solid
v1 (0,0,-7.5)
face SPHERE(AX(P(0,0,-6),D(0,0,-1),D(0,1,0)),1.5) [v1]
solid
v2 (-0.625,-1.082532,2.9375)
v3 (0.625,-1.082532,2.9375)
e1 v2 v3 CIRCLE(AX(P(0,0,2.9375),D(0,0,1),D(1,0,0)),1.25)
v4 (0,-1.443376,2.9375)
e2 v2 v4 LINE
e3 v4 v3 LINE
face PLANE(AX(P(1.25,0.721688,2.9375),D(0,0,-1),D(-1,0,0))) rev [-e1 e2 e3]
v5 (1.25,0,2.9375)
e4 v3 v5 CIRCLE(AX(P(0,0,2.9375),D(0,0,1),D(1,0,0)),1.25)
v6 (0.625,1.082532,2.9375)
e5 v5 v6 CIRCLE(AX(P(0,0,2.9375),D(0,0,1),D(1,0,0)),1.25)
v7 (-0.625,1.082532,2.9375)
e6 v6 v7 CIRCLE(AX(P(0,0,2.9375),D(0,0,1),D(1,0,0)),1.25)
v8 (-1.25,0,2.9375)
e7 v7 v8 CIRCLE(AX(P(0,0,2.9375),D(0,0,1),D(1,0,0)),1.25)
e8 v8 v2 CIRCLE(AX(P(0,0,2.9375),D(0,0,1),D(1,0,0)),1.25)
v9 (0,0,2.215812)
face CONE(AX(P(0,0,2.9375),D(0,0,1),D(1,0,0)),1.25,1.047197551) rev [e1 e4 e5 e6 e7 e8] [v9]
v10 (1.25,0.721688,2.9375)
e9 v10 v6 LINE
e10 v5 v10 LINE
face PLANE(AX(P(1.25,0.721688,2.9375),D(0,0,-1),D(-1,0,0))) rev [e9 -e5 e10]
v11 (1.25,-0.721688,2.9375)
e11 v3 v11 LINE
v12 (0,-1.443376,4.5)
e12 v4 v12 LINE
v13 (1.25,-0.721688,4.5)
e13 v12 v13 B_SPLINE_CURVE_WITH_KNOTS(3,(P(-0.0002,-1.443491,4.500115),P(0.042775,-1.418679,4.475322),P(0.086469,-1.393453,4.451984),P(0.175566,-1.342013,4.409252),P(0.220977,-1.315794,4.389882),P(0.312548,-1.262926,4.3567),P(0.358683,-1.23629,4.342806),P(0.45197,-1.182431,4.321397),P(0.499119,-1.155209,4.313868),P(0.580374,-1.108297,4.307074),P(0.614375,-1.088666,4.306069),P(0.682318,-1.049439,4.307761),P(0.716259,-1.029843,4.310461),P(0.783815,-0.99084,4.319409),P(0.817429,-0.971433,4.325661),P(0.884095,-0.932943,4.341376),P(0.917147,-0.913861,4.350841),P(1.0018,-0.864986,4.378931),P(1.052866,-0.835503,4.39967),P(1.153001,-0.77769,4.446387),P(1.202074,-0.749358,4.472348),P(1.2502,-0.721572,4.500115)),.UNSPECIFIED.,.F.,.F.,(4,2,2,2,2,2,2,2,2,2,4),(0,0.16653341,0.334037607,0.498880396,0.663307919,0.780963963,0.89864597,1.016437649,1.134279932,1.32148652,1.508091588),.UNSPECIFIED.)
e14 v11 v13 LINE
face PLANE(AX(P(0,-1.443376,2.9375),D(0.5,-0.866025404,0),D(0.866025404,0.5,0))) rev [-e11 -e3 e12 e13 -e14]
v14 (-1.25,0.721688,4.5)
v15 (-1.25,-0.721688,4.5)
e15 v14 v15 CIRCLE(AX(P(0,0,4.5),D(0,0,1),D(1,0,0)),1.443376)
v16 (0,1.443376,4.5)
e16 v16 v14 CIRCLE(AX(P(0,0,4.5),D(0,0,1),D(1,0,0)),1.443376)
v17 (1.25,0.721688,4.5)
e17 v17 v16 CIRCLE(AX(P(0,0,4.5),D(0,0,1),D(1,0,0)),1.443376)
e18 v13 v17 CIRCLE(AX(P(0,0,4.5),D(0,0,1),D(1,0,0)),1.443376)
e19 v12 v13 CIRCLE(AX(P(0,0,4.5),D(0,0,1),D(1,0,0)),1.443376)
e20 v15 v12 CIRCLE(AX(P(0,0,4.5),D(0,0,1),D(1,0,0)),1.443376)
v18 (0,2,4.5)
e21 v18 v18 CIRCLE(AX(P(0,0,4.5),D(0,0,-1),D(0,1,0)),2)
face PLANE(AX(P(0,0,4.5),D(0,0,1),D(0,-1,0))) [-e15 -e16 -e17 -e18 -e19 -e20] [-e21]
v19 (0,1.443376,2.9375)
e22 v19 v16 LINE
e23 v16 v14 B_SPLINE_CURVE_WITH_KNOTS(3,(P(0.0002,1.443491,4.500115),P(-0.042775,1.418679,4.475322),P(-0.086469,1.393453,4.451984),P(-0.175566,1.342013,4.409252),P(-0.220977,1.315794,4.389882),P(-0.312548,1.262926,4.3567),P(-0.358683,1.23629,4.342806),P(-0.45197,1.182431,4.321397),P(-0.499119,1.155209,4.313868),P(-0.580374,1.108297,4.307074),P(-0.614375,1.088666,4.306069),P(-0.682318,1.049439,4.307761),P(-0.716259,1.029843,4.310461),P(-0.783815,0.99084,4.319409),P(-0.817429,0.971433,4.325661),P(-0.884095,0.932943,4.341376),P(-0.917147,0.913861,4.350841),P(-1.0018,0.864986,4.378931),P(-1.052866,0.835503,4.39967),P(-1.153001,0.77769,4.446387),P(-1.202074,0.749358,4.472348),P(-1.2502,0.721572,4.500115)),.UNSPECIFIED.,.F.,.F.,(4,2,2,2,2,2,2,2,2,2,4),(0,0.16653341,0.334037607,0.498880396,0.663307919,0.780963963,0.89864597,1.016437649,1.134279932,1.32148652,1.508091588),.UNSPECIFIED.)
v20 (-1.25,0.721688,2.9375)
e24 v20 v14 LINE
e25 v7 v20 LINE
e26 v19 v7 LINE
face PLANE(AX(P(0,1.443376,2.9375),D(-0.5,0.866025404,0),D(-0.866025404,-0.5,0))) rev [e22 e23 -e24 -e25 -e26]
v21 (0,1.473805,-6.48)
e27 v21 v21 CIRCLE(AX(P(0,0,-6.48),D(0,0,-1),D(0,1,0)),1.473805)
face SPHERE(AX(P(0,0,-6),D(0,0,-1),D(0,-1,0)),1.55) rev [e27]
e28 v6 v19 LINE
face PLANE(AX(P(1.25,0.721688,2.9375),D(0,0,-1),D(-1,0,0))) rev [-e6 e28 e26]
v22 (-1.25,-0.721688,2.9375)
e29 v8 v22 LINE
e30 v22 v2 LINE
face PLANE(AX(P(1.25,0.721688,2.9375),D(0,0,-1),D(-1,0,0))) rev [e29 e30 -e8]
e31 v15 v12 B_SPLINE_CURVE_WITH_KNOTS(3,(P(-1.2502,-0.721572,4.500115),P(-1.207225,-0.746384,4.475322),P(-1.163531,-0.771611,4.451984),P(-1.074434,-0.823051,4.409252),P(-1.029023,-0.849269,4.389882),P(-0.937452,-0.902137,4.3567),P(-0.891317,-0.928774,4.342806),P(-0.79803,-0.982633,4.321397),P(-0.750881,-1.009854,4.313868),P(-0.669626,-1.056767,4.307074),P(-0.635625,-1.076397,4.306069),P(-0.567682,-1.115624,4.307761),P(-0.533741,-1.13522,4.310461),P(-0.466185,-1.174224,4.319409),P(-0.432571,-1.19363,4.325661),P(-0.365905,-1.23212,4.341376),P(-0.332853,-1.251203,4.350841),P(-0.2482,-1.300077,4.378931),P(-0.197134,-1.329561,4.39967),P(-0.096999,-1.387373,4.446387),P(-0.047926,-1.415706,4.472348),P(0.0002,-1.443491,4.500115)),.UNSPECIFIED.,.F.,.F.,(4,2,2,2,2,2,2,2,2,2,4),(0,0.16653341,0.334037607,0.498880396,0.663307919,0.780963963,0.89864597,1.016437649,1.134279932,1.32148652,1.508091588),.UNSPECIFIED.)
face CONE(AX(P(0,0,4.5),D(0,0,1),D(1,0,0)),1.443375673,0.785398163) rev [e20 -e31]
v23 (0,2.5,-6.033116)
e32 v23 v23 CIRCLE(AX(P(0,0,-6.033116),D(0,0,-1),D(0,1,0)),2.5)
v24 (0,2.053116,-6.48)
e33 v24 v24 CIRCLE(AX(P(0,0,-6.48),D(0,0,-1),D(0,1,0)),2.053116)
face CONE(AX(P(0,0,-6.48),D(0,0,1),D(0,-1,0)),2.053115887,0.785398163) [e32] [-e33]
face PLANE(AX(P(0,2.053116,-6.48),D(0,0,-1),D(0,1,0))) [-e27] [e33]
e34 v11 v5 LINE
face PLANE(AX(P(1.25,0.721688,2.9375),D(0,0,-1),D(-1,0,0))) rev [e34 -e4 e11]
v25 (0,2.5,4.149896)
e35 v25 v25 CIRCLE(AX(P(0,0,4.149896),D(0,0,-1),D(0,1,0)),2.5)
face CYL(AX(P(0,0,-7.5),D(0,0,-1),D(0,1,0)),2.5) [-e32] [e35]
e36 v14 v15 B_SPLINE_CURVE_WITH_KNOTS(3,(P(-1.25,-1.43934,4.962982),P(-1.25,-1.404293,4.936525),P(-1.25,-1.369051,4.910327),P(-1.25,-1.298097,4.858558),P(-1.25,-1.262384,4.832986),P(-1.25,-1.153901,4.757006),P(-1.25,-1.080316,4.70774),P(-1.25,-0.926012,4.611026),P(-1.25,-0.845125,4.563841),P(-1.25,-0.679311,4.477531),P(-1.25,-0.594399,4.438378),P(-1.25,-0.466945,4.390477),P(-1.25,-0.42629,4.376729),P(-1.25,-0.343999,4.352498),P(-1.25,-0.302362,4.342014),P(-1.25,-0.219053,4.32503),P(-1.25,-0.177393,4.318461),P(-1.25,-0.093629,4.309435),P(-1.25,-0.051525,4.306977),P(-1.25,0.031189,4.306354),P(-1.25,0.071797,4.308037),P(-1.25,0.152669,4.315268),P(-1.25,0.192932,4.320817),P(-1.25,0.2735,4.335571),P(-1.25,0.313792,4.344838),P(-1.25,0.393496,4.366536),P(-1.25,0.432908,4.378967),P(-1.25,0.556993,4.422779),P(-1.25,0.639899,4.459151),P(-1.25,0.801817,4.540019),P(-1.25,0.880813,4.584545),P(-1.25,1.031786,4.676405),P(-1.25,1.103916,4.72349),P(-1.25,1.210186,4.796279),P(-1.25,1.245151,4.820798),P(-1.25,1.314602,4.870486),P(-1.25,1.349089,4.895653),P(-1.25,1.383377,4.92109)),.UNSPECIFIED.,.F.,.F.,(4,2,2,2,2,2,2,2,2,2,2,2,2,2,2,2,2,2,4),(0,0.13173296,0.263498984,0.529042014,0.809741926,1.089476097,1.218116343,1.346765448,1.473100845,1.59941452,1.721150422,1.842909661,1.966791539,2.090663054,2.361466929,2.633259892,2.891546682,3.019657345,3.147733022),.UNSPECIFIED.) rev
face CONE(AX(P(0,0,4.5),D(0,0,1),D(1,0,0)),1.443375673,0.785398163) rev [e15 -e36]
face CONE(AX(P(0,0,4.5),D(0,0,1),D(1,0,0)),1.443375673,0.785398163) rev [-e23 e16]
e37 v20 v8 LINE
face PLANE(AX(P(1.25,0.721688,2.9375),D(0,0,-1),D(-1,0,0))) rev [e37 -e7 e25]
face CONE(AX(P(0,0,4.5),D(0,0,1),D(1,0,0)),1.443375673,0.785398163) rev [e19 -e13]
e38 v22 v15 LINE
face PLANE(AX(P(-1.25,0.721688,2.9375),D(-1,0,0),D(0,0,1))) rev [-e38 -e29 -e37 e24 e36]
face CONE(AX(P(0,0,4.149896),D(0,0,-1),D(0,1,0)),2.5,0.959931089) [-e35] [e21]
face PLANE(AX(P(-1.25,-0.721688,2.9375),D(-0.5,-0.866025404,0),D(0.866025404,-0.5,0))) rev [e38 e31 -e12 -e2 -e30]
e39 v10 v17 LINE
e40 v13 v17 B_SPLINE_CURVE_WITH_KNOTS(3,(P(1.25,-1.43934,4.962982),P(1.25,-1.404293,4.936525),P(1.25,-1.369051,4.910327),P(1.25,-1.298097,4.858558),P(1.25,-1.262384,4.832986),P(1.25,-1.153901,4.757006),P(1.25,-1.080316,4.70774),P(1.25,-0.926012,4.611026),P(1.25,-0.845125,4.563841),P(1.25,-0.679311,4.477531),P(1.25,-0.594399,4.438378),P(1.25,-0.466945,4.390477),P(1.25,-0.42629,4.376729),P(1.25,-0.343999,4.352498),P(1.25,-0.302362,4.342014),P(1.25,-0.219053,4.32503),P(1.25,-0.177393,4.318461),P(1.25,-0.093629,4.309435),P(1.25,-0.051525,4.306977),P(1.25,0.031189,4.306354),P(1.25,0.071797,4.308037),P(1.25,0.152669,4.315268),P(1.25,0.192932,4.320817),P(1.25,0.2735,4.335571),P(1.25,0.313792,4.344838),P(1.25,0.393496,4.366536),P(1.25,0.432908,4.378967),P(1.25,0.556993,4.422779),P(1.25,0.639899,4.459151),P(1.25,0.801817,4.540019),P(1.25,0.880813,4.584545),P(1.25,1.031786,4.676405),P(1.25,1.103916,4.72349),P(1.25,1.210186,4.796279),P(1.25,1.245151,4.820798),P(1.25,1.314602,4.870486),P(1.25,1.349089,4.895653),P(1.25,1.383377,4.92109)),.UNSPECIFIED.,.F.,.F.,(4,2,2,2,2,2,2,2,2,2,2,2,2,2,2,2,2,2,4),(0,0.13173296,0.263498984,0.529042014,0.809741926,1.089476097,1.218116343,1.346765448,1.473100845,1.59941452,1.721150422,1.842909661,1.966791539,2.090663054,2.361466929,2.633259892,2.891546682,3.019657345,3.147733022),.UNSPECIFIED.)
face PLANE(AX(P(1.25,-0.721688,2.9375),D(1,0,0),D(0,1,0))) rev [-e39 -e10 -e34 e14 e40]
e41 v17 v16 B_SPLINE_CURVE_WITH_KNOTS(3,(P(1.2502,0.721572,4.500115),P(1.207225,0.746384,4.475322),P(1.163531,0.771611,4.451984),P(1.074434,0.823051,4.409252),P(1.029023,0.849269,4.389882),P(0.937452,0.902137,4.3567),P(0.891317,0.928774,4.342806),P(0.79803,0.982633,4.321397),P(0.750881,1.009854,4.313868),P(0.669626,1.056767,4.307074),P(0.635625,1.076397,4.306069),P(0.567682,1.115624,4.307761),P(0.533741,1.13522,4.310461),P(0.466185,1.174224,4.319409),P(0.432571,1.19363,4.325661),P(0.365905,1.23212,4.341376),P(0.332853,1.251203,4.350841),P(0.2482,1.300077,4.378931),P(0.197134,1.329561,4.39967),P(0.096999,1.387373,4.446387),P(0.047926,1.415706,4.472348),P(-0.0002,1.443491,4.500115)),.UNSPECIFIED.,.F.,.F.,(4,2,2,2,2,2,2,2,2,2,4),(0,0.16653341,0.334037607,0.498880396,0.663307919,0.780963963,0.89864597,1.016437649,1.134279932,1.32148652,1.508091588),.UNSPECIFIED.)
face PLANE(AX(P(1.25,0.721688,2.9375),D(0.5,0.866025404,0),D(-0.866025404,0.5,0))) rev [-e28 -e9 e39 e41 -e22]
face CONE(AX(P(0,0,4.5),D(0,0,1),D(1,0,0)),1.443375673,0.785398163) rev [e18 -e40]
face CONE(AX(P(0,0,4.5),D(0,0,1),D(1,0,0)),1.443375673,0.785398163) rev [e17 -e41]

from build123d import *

# Parameters (mm, degrees)
CUT_EXTRUDE10_DEPTH = 1.5625
MOVE_FACE1_BY       = 0.05


with BuildPart() as part:
    # Sketch22 → Revolve1 (revolve)
    with BuildSketch(Plane(origin=(0, 0, 0), x_dir=(0, 0, -1), z_dir=(1, 0, 0))):
        with BuildLine():
            Line((-4.5, 0), (-4.5, 2))
            Line((-4.5, 2), (-4.149896231, 2.5))
            Line((-4.149896231, 2.5), (6.033115887, 2.5))
            Line((6.033115887, 2.5), (6.48, 2.053115887))
            Line((6.48, 2.053115887), (6.48, 1.421126314))
            ThreePointArc((6.48, 1.421126314), (5.125357216, 1.218605761), (4.5, 0))
            Line((4.5, 0), (-4.5, 0))
        make_face()
    revolve(axis=Axis((0, 0, -7.5), (0, 0, 1)))

    # Sketch23 → Cut-Extrude10 (cut)
    with BuildSketch(Plane.XY.offset(4.5)):
        Polygon((0, 1.443375673), (-1.25, 0.721687836), (-1.25, -0.721687836), (0, -1.443375673), (1.25, -0.721687836), (1.25, 0.721687836), align=None)
    extrude(amount=-CUT_EXTRUDE10_DEPTH, mode=Mode.SUBTRACT)

    # Cut-Extrude11 cone 1 section (through the dimple's axis) → Cut-Extrude11 (revolve, cut)
    with BuildSketch(Plane(origin=(0, 0, 4.5), x_dir=(0, -1, 0), z_dir=(1, 0, 0))):
        Polygon((0, 0), (1.443375673, 0), (0, 1.443375673), align=None)
    revolve(axis=Axis((0, 0, 4.5), (0, 0, -1)), mode=Mode.SUBTRACT)

    # Cut-Extrude12 cone 1 section (through the dimple's axis) → Cut-Extrude12 (revolve, cut)
    with BuildSketch(Plane(origin=(0, 0, 2.9375), x_dir=(0, -1, 0), z_dir=(1, 0, 0))):
        Polygon((0, 0), (1.25, 0), (0, 0.721687836), align=None)
    revolve(axis=Axis((0, 0, 2.9375), (0, 0, -1)), mode=Mode.SUBTRACT)

    # Move Face1: a curved face moved inward by 0.05
    add(Solid.thicken(part.faces().sort_by_distance((0, -1.218605761, -5.125357216))[0], -MOVE_FACE1_BY), mode=Mode.SUBTRACT)


with BuildPart() as body_2:
    # Sketch32 → Revolve2 (revolve)
    with BuildSketch(Plane(origin=(0, 0, 0), x_dir=(0, 0, -1), z_dir=(1, 0, 0))):
        with BuildLine():
            Line((7.5, 0), (4.5, 0))
            ThreePointArc((4.5, 0), (6, 1.5), (7.5, 0))
        make_face()
    revolve(axis=Axis((0, 0, -7.5), (0, 0, 1)))


solid = Compound([part.part, body_2.part])
